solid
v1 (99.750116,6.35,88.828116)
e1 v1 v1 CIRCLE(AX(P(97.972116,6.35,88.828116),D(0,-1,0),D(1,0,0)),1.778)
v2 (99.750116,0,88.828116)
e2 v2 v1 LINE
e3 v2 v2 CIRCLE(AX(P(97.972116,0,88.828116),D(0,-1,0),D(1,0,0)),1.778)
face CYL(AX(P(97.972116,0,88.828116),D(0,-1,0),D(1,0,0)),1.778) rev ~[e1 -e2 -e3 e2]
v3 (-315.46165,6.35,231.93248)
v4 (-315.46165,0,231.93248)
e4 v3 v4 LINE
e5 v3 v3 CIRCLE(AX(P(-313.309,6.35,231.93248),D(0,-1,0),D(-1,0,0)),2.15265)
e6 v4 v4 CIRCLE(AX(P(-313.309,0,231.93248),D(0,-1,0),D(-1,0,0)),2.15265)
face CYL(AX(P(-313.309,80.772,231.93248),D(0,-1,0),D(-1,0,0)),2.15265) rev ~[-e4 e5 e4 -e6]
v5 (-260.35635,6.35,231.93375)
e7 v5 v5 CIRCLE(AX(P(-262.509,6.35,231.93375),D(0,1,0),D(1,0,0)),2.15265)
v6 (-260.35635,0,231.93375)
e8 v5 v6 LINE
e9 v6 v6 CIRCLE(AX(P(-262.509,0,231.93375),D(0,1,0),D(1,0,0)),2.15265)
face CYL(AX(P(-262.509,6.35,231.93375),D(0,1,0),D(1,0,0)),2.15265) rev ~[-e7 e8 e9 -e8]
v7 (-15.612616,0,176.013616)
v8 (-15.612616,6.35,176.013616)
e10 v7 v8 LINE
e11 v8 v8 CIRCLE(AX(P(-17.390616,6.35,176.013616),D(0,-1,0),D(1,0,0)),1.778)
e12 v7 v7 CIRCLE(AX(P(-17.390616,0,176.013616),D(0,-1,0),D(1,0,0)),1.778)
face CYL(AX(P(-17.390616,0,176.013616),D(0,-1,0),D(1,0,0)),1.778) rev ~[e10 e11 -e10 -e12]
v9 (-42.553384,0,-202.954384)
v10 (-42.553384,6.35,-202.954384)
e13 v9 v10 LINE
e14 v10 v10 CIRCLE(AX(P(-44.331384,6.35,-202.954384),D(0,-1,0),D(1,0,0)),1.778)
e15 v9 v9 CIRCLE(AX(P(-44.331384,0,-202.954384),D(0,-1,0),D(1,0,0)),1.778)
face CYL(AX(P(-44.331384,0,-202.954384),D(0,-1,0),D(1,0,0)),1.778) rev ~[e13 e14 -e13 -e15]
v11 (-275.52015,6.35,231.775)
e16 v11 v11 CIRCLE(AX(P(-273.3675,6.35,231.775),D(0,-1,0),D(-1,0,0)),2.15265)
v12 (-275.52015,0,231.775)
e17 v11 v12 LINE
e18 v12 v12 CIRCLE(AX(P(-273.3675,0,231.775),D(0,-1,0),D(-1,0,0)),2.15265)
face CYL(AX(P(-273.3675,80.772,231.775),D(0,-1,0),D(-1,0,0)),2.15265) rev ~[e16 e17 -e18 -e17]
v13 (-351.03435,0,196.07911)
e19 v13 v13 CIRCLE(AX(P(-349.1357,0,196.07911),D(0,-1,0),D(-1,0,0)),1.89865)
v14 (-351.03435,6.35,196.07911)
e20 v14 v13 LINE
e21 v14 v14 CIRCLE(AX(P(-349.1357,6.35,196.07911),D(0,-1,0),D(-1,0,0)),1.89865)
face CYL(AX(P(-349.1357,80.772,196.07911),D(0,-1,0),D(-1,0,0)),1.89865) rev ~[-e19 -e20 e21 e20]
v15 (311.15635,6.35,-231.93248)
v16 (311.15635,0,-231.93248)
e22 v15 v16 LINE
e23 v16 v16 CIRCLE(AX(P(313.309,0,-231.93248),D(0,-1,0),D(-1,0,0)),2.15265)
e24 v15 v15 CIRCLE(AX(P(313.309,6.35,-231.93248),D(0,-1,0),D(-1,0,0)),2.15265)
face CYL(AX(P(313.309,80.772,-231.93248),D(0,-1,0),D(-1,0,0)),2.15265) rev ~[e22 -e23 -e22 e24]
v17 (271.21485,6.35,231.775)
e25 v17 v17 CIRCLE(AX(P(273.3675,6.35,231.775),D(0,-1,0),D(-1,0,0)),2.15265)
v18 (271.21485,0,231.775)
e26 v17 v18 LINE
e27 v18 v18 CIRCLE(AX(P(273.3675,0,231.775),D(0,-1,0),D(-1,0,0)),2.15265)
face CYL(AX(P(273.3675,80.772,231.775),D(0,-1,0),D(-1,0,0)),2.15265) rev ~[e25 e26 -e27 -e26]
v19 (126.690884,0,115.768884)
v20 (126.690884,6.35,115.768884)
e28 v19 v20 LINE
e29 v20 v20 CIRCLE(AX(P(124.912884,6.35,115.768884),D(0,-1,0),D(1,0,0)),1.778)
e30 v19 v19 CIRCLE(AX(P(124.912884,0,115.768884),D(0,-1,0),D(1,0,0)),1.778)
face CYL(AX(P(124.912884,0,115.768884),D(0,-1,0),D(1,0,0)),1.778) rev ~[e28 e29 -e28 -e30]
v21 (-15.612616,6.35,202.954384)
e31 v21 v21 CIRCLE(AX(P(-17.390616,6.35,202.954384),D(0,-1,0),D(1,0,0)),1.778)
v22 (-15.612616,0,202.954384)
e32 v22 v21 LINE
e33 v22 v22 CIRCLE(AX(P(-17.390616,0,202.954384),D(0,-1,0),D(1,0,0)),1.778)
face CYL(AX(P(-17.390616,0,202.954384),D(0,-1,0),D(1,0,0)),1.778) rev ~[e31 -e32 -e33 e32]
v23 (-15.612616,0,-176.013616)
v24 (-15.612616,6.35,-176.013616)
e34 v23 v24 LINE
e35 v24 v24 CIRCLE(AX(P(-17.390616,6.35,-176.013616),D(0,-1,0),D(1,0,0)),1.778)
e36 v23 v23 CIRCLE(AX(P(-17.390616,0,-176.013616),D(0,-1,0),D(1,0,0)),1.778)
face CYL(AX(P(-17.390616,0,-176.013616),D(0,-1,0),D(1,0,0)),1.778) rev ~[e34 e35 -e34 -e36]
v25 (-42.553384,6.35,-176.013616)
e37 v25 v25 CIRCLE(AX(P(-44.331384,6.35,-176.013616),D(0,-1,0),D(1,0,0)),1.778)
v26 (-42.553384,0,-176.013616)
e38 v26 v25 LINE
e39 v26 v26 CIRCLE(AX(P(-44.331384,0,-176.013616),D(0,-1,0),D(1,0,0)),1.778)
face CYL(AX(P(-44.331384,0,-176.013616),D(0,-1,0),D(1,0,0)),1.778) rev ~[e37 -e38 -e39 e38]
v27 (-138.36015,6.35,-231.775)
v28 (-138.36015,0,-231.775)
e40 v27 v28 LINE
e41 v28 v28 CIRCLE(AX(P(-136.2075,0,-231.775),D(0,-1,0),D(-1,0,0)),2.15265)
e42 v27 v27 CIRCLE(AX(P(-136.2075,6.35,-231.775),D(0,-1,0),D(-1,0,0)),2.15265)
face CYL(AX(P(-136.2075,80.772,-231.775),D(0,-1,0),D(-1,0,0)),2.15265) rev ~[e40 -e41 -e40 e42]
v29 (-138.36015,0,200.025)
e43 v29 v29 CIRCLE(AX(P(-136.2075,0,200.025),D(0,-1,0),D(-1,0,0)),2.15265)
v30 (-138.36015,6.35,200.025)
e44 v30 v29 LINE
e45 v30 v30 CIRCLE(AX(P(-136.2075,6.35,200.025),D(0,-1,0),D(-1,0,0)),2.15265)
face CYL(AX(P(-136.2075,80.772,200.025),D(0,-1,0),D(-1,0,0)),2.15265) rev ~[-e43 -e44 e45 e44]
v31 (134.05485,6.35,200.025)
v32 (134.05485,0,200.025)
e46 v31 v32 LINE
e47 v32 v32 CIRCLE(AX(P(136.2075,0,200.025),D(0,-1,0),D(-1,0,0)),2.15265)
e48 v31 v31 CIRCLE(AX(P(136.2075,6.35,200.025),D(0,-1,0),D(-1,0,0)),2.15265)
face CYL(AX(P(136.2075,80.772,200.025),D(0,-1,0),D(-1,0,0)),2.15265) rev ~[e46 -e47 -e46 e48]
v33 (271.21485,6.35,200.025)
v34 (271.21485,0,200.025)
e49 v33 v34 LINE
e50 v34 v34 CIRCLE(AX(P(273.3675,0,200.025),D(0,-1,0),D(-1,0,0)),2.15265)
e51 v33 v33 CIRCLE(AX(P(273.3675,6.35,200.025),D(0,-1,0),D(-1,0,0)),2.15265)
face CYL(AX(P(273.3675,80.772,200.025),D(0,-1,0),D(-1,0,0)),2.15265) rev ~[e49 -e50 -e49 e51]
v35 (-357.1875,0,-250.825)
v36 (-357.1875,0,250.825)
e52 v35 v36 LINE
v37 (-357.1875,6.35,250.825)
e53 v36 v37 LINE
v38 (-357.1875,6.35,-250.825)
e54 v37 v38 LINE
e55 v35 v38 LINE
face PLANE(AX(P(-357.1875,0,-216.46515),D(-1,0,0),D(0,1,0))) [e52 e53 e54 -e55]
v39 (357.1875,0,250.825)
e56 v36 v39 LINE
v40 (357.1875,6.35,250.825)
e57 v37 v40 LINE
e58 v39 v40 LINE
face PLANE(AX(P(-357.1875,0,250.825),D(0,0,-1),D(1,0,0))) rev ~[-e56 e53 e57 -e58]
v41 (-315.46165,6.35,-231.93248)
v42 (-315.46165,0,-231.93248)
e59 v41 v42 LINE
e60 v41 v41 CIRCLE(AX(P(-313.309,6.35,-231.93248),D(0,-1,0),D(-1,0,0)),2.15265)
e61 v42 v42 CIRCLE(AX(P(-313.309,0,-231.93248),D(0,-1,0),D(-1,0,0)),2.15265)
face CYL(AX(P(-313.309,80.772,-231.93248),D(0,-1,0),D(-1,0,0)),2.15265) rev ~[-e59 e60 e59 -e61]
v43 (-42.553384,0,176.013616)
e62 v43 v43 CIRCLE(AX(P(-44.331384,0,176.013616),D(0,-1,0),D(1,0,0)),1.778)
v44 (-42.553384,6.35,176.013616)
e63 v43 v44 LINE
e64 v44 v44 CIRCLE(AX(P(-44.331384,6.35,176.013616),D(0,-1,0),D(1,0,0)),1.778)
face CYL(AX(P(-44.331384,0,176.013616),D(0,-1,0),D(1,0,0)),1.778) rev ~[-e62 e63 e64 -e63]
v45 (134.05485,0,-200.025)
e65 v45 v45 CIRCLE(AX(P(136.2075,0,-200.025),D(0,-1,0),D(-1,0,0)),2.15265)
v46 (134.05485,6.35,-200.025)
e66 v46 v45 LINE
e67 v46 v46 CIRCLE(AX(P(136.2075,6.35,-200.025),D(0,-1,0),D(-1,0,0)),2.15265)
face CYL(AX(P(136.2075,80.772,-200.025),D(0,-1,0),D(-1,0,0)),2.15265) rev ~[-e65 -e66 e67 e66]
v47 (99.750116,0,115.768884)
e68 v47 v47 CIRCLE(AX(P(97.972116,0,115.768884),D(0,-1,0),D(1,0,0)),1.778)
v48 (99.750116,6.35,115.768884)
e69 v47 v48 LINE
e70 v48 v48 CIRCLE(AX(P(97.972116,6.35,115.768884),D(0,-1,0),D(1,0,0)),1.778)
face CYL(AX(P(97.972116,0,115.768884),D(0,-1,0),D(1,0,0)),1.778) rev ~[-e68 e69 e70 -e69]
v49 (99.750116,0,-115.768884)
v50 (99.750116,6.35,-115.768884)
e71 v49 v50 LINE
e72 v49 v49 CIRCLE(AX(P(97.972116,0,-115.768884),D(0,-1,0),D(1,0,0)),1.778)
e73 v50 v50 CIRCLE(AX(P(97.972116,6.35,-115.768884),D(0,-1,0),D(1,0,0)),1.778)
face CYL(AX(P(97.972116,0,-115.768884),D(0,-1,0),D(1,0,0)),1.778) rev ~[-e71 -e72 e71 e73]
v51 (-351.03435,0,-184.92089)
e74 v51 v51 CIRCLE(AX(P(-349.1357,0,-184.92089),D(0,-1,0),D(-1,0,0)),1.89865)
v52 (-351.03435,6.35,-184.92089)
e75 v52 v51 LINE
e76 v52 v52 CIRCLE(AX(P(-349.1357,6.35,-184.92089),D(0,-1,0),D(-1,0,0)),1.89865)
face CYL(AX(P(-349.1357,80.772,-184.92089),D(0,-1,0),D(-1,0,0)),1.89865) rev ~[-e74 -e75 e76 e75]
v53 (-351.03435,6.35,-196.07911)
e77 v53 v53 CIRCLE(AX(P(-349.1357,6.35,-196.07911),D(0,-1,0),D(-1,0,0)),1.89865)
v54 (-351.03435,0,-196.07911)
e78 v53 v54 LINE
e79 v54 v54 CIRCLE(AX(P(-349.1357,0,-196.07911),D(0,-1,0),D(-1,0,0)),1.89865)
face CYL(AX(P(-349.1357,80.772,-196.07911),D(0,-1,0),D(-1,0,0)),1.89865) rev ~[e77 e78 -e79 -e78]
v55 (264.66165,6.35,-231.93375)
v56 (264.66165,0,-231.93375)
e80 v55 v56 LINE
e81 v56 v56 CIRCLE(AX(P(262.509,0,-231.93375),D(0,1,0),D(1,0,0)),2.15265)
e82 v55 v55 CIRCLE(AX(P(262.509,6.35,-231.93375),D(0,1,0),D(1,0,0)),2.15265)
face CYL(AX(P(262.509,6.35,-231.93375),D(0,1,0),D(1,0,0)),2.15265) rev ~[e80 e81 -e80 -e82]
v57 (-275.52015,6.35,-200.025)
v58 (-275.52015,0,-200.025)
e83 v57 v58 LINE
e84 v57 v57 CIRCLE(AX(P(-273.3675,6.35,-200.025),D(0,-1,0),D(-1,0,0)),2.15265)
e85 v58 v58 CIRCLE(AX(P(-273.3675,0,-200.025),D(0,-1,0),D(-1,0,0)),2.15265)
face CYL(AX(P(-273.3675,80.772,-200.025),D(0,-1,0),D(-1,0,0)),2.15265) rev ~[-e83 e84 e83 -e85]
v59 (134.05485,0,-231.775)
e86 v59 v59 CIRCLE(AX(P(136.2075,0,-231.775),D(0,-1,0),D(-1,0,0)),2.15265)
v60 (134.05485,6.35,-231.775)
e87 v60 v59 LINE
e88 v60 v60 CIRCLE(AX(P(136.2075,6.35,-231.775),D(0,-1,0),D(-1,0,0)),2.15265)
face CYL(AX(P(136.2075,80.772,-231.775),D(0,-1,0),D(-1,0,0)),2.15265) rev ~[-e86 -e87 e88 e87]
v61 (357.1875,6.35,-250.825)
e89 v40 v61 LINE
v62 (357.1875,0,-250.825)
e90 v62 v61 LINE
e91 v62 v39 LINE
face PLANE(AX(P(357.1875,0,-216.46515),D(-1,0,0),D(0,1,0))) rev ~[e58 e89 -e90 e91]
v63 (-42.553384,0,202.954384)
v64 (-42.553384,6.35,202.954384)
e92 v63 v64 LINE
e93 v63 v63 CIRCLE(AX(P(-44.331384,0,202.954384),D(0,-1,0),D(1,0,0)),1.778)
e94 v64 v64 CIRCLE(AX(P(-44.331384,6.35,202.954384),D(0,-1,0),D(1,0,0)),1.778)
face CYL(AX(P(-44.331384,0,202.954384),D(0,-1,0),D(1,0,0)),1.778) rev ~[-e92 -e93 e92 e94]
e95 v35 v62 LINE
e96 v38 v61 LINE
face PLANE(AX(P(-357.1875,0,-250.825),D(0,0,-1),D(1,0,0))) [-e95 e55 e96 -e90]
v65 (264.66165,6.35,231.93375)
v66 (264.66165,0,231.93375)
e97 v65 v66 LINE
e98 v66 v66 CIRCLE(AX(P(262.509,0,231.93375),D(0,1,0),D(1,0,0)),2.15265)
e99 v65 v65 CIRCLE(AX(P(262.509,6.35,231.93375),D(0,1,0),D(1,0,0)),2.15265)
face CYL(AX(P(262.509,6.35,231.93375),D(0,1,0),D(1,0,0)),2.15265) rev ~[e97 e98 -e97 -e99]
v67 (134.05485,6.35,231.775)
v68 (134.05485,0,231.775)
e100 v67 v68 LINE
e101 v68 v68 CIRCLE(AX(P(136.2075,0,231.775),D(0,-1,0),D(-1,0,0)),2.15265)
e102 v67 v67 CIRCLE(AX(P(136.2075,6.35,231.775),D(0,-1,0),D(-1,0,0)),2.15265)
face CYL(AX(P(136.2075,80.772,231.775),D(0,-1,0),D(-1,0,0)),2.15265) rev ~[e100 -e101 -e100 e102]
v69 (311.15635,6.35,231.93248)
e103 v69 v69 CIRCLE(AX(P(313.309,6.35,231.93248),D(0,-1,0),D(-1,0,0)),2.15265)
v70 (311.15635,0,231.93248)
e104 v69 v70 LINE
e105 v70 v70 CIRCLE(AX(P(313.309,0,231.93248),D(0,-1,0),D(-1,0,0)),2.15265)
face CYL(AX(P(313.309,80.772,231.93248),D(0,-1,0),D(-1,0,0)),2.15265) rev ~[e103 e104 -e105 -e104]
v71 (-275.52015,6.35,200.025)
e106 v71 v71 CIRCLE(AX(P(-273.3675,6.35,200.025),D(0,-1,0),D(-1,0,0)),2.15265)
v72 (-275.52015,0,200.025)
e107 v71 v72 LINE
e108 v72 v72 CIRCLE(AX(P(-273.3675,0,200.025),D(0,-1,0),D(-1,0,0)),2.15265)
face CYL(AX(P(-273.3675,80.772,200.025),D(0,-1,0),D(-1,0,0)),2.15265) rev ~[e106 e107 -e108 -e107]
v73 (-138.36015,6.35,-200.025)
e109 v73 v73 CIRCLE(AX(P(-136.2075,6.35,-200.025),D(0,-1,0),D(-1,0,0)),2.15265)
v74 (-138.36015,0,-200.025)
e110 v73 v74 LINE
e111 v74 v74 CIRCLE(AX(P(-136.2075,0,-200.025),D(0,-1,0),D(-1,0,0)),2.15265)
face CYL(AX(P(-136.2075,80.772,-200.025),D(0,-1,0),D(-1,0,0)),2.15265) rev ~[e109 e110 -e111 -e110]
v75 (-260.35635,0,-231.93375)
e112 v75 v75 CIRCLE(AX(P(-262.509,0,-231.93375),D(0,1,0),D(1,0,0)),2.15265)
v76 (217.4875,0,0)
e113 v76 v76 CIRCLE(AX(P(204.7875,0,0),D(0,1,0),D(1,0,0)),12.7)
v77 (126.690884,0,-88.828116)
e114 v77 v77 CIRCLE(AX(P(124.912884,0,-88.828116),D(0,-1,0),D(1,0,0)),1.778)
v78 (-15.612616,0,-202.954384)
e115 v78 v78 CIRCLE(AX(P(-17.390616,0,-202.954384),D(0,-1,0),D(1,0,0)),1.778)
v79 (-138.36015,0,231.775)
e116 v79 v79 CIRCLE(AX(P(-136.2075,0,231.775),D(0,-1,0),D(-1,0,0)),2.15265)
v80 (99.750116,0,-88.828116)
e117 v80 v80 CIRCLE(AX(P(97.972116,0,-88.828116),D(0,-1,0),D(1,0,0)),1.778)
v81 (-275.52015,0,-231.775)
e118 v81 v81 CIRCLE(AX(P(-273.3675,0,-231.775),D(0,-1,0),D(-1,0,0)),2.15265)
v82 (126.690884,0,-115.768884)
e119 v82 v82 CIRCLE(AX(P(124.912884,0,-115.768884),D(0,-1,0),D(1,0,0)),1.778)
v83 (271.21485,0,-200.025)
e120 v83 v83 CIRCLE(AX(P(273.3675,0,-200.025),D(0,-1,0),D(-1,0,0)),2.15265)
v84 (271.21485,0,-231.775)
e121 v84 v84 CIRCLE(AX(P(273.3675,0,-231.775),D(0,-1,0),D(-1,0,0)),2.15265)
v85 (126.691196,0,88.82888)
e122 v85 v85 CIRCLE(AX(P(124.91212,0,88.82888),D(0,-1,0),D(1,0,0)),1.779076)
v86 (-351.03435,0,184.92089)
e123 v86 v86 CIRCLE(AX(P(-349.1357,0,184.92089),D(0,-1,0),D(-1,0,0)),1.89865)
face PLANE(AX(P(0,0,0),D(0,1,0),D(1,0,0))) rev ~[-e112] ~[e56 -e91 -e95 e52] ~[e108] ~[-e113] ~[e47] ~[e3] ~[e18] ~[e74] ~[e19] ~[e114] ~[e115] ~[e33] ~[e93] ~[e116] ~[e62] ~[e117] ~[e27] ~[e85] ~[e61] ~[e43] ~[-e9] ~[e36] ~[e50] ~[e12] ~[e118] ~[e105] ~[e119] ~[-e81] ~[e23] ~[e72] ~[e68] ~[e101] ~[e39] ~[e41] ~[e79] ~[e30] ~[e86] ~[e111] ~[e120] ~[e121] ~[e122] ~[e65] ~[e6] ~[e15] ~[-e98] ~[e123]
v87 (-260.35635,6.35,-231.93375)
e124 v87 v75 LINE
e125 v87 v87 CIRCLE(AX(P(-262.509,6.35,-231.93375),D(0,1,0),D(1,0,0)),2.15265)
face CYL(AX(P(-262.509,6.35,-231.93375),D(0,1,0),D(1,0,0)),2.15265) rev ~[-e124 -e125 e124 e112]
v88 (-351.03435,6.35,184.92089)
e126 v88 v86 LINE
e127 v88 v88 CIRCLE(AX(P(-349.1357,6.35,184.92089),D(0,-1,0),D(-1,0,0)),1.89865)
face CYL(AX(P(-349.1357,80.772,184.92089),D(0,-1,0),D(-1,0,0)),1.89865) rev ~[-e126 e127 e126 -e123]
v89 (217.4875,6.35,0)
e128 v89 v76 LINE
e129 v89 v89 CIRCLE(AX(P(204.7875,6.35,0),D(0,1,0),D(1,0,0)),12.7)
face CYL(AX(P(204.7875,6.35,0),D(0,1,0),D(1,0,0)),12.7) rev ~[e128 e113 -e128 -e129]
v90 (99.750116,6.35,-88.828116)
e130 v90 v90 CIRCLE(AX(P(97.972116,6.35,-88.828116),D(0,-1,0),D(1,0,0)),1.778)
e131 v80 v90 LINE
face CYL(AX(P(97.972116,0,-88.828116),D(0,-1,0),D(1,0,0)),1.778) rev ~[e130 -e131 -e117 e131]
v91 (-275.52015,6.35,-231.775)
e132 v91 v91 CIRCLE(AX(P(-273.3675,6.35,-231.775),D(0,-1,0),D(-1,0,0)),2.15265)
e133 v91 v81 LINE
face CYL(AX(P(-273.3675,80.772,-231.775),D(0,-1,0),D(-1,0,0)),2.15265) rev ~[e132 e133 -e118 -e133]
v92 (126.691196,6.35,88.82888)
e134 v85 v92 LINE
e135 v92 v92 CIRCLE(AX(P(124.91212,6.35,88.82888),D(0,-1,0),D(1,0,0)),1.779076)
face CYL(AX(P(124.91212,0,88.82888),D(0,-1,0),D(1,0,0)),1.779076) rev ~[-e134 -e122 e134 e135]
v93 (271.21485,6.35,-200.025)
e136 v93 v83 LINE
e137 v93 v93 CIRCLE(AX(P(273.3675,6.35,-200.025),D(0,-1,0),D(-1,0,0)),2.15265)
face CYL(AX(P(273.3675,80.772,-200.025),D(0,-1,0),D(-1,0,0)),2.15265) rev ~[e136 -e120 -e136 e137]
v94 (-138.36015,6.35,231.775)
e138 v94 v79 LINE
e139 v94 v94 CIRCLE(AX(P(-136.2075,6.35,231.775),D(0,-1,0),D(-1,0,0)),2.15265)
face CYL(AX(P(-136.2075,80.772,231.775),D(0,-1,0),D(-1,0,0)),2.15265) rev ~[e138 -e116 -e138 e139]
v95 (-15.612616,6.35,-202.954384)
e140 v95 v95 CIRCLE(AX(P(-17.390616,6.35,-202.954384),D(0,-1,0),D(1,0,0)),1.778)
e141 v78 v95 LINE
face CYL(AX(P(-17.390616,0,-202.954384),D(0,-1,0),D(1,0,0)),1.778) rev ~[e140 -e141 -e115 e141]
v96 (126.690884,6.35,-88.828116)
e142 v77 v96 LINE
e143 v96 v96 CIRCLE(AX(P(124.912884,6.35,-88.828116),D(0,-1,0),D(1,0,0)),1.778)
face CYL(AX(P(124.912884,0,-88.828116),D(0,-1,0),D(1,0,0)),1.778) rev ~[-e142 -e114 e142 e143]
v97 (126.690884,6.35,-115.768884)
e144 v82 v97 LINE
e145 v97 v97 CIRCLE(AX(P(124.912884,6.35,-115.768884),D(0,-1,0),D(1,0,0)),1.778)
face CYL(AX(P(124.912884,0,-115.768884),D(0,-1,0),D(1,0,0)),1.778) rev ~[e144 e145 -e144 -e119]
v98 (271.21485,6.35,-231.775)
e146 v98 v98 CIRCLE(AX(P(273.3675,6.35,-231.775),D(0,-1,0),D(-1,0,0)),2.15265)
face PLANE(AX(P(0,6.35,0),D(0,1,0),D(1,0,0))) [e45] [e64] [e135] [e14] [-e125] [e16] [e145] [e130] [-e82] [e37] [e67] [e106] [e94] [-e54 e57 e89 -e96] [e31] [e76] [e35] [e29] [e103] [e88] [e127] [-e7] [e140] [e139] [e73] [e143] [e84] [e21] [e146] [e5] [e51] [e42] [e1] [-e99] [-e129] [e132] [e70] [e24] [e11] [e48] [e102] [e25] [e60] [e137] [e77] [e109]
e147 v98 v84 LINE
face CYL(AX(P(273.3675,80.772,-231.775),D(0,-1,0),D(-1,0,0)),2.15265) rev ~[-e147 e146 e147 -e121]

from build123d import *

# Parameters (mm, degrees)
SKETCH1_W                 = 714.375
SKETCH1_H                 = 501.65
BOSS_EXTRUDE1_DEPTH       = 6.35
SKETCH2_R                 = 2.15265
CUT_EXTRUDE1_DEPTH        = 7.35
BOSS_EXTRUDE2_START       = -467.29015
SKETCH4_W                 = 714.375
SKETCH4_H                 = 6.35
BOSS_EXTRUDE2_DEPTH       = 432.9303
F_8_CLEARANCE_HOLE1_D     = 4.3053
F_8_CLEARANCE_HOLE1_DEPTH = 74.422
F_8_CLEARANCE_HOLE1_TIP   = 1.293442612
F_8_CLEARANCE_HOLE2_D     = 4.3053
F_8_CLEARANCE_HOLE2_DEPTH = 74.422
F_8_CLEARANCE_HOLE2_TIP   = 1.293442612
SKETCH11_R                = 12.7
CUT_EXTRUDE4_DEPTH        = 83.82
F_6_CLEARANCE_HOLE1_D     = 3.7973
F_6_CLEARANCE_HOLE1_DEPTH = 74.422
F_6_CLEARANCE_HOLE1_TIP   = 1.140824014
SKETCH14_R                = 1.778
SKETCH14_R_2              = 1.779075966
CUT_EXTRUDE5_DEPTH        = 7.62
SKETCH15_R                = 2.15265
CUT_EXTRUDE6_DEPTH        = 6.35


with BuildPart() as part:
    # Sketch1 → Boss-Extrude1 (new body)
    with BuildSketch(Plane(origin=(0, 0, 0), x_dir=(1, 0, 0), z_dir=(0, 1, 0))):
        Rectangle(SKETCH1_W, SKETCH1_H)
    extrude(amount=BOSS_EXTRUDE1_DEPTH)

    # Sketch2 → Cut-Extrude1 (cut, through all)
    with BuildSketch(Plane(origin=(0, 6.35, 0), x_dir=(1, 0, 0), z_dir=(0, 1, 0))):
        with Locations((-114.3, -214.3125)):
            Circle(SKETCH2_R)
        with Locations((-228.6, -214.3125)):
            Circle(SKETCH2_R)
        with Locations((228.6, -214.3125)):
            Circle(SKETCH2_R)
        with Locations((114.3, -214.3125)):
            Circle(SKETCH2_R)
        with Locations((114.3, 214.3125)):
            Circle(SKETCH2_R)
        with Locations((228.6, 214.3125)):
            Circle(SKETCH2_R)
        with Locations((-228.6, 214.3125)):
            Circle(SKETCH2_R)
        with Locations((-114.3, 214.3125)):
            Circle(SKETCH2_R)
    extrude(amount=-CUT_EXTRUDE1_DEPTH, mode=Mode.SUBTRACT)

    # Sketch4 → Boss-Extrude2 (add)
    with BuildSketch(Plane.XY.offset(250.825).offset(BOSS_EXTRUDE2_START)):
        with Locations((0, 3.175)):
            Rectangle(SKETCH4_W, SKETCH4_H)
    extrude(amount=BOSS_EXTRUDE2_DEPTH)

    # #8 Clearance Hole1
    with Locations(Plane(origin=(0, 6.35, 0), x_dir=(1, 0, 0), z_dir=(0, 1, 0))):
        with Locations((-273.3675, 231.775), (-136.2075, 231.775), (136.2075, 231.775), (273.3675, 231.775), (273.3675, 200.025), (136.2075, 200.025), (-136.2075, 200.025), (-273.3675, 200.025), (-273.3675, -200.025), (-273.3675, -231.775), (-136.2075, -231.775), (-136.2075, -200.025), (136.2075, -200.025), (136.2075, -231.775), (273.3675, -231.775), (273.3675, -200.025)):
            Hole(F_8_CLEARANCE_HOLE1_D / 2, depth=F_8_CLEARANCE_HOLE1_DEPTH)
            with Locations((0, 0, -(F_8_CLEARANCE_HOLE1_DEPTH + F_8_CLEARANCE_HOLE1_TIP / 2))):  # 118° drill point
                Cone(0, F_8_CLEARANCE_HOLE1_D / 2, F_8_CLEARANCE_HOLE1_TIP, mode=Mode.SUBTRACT)

    # #8 Clearance Hole2
    with Locations(Plane(origin=(0, 6.35, 0), x_dir=(1, 0, 0), z_dir=(0, 1, 0))):
        with Locations((-313.309, 231.93248), (313.309, 231.93248), (313.309, -231.93248), (-313.309, -231.93248)):
            Hole(F_8_CLEARANCE_HOLE2_D / 2, depth=F_8_CLEARANCE_HOLE2_DEPTH)
            with Locations((0, 0, -(F_8_CLEARANCE_HOLE2_DEPTH + F_8_CLEARANCE_HOLE2_TIP / 2))):  # 118° drill point
                Cone(0, F_8_CLEARANCE_HOLE2_D / 2, F_8_CLEARANCE_HOLE2_TIP, mode=Mode.SUBTRACT)

    # Sketch11 → Cut-Extrude4 (cut)
    with BuildSketch(Plane(origin=(0, 6.35, 0), x_dir=(1, 0, 0), z_dir=(0, 1, 0))):
        with Locations((204.7875, 0)):
            Circle(SKETCH11_R)
    extrude(amount=-CUT_EXTRUDE4_DEPTH, mode=Mode.SUBTRACT)

    # #6 Clearance Hole1
    with Locations(Plane(origin=(0, 6.35, 0), x_dir=(1, 0, 0), z_dir=(0, 1, 0))):
        with Locations((-349.1357, 196.07911), (-349.1357, 184.92089), (-349.1357, -184.92089), (-349.1357, -196.07911)):
            Hole(F_6_CLEARANCE_HOLE1_D / 2, depth=F_6_CLEARANCE_HOLE1_DEPTH)
            with Locations((0, 0, -(F_6_CLEARANCE_HOLE1_DEPTH + F_6_CLEARANCE_HOLE1_TIP / 2))):  # 118° drill point
                Cone(0, F_6_CLEARANCE_HOLE1_D / 2, F_6_CLEARANCE_HOLE1_TIP, mode=Mode.SUBTRACT)

    # Sketch14 → Cut-Extrude5 (cut)
    with BuildSketch(Plane.XZ):
        with Locations((-44.331384182, 202.954384182)):
            Circle(SKETCH14_R)
        with Locations((-17.390615818, 202.954384182)):
            Circle(SKETCH14_R)
        with Locations((-17.390615818, 176.013615818)):
            Circle(SKETCH14_R)
        with Locations((-44.331384182, 176.013615818)):
            Circle(SKETCH14_R)
        with Locations((124.912884182, 115.768884182)):
            Circle(SKETCH14_R)
        with Locations((124.91212, 88.82888)):
            Circle(SKETCH14_R_2)
        with Locations((97.972115818, 88.828115818)):
            Circle(SKETCH14_R)
        with Locations((97.972115818, 115.768884182)):
            Circle(SKETCH14_R)
        with Locations((97.972115818, -88.828115818)):
            Circle(SKETCH14_R)
        with Locations((124.912884182, -88.828115818)):
            Circle(SKETCH14_R)
        with Locations((124.912884182, -115.768884182)):
            Circle(SKETCH14_R)
        with Locations((97.972115818, -115.768884182)):
            Circle(SKETCH14_R)
        with Locations((-44.331384182, -176.013615818)):
            Circle(SKETCH14_R)
        with Locations((-17.390615818, -176.013615818)):
            Circle(SKETCH14_R)
        with Locations((-17.390615818, -202.954384182)):
            Circle(SKETCH14_R)
        with Locations((-44.331384182, -202.954384182)):
            Circle(SKETCH14_R)
    extrude(amount=-CUT_EXTRUDE5_DEPTH, mode=Mode.SUBTRACT)

    # Sketch15 → Cut-Extrude6 (cut)
    with BuildSketch(Plane(origin=(0, 6.35, 0), x_dir=(1, 0, 0), z_dir=(0, 1, 0))):
        with Locations((-262.509, 231.93375)):
            Circle(SKETCH15_R)
        with Locations((262.509, 231.93375)):
            Circle(SKETCH15_R)
        with Locations((262.509, -231.93375)):
            Circle(SKETCH15_R)
        with Locations((-262.509, -231.93375)):
            Circle(SKETCH15_R)
    extrude(amount=-CUT_EXTRUDE6_DEPTH, mode=Mode.SUBTRACT)


solid = part.part
